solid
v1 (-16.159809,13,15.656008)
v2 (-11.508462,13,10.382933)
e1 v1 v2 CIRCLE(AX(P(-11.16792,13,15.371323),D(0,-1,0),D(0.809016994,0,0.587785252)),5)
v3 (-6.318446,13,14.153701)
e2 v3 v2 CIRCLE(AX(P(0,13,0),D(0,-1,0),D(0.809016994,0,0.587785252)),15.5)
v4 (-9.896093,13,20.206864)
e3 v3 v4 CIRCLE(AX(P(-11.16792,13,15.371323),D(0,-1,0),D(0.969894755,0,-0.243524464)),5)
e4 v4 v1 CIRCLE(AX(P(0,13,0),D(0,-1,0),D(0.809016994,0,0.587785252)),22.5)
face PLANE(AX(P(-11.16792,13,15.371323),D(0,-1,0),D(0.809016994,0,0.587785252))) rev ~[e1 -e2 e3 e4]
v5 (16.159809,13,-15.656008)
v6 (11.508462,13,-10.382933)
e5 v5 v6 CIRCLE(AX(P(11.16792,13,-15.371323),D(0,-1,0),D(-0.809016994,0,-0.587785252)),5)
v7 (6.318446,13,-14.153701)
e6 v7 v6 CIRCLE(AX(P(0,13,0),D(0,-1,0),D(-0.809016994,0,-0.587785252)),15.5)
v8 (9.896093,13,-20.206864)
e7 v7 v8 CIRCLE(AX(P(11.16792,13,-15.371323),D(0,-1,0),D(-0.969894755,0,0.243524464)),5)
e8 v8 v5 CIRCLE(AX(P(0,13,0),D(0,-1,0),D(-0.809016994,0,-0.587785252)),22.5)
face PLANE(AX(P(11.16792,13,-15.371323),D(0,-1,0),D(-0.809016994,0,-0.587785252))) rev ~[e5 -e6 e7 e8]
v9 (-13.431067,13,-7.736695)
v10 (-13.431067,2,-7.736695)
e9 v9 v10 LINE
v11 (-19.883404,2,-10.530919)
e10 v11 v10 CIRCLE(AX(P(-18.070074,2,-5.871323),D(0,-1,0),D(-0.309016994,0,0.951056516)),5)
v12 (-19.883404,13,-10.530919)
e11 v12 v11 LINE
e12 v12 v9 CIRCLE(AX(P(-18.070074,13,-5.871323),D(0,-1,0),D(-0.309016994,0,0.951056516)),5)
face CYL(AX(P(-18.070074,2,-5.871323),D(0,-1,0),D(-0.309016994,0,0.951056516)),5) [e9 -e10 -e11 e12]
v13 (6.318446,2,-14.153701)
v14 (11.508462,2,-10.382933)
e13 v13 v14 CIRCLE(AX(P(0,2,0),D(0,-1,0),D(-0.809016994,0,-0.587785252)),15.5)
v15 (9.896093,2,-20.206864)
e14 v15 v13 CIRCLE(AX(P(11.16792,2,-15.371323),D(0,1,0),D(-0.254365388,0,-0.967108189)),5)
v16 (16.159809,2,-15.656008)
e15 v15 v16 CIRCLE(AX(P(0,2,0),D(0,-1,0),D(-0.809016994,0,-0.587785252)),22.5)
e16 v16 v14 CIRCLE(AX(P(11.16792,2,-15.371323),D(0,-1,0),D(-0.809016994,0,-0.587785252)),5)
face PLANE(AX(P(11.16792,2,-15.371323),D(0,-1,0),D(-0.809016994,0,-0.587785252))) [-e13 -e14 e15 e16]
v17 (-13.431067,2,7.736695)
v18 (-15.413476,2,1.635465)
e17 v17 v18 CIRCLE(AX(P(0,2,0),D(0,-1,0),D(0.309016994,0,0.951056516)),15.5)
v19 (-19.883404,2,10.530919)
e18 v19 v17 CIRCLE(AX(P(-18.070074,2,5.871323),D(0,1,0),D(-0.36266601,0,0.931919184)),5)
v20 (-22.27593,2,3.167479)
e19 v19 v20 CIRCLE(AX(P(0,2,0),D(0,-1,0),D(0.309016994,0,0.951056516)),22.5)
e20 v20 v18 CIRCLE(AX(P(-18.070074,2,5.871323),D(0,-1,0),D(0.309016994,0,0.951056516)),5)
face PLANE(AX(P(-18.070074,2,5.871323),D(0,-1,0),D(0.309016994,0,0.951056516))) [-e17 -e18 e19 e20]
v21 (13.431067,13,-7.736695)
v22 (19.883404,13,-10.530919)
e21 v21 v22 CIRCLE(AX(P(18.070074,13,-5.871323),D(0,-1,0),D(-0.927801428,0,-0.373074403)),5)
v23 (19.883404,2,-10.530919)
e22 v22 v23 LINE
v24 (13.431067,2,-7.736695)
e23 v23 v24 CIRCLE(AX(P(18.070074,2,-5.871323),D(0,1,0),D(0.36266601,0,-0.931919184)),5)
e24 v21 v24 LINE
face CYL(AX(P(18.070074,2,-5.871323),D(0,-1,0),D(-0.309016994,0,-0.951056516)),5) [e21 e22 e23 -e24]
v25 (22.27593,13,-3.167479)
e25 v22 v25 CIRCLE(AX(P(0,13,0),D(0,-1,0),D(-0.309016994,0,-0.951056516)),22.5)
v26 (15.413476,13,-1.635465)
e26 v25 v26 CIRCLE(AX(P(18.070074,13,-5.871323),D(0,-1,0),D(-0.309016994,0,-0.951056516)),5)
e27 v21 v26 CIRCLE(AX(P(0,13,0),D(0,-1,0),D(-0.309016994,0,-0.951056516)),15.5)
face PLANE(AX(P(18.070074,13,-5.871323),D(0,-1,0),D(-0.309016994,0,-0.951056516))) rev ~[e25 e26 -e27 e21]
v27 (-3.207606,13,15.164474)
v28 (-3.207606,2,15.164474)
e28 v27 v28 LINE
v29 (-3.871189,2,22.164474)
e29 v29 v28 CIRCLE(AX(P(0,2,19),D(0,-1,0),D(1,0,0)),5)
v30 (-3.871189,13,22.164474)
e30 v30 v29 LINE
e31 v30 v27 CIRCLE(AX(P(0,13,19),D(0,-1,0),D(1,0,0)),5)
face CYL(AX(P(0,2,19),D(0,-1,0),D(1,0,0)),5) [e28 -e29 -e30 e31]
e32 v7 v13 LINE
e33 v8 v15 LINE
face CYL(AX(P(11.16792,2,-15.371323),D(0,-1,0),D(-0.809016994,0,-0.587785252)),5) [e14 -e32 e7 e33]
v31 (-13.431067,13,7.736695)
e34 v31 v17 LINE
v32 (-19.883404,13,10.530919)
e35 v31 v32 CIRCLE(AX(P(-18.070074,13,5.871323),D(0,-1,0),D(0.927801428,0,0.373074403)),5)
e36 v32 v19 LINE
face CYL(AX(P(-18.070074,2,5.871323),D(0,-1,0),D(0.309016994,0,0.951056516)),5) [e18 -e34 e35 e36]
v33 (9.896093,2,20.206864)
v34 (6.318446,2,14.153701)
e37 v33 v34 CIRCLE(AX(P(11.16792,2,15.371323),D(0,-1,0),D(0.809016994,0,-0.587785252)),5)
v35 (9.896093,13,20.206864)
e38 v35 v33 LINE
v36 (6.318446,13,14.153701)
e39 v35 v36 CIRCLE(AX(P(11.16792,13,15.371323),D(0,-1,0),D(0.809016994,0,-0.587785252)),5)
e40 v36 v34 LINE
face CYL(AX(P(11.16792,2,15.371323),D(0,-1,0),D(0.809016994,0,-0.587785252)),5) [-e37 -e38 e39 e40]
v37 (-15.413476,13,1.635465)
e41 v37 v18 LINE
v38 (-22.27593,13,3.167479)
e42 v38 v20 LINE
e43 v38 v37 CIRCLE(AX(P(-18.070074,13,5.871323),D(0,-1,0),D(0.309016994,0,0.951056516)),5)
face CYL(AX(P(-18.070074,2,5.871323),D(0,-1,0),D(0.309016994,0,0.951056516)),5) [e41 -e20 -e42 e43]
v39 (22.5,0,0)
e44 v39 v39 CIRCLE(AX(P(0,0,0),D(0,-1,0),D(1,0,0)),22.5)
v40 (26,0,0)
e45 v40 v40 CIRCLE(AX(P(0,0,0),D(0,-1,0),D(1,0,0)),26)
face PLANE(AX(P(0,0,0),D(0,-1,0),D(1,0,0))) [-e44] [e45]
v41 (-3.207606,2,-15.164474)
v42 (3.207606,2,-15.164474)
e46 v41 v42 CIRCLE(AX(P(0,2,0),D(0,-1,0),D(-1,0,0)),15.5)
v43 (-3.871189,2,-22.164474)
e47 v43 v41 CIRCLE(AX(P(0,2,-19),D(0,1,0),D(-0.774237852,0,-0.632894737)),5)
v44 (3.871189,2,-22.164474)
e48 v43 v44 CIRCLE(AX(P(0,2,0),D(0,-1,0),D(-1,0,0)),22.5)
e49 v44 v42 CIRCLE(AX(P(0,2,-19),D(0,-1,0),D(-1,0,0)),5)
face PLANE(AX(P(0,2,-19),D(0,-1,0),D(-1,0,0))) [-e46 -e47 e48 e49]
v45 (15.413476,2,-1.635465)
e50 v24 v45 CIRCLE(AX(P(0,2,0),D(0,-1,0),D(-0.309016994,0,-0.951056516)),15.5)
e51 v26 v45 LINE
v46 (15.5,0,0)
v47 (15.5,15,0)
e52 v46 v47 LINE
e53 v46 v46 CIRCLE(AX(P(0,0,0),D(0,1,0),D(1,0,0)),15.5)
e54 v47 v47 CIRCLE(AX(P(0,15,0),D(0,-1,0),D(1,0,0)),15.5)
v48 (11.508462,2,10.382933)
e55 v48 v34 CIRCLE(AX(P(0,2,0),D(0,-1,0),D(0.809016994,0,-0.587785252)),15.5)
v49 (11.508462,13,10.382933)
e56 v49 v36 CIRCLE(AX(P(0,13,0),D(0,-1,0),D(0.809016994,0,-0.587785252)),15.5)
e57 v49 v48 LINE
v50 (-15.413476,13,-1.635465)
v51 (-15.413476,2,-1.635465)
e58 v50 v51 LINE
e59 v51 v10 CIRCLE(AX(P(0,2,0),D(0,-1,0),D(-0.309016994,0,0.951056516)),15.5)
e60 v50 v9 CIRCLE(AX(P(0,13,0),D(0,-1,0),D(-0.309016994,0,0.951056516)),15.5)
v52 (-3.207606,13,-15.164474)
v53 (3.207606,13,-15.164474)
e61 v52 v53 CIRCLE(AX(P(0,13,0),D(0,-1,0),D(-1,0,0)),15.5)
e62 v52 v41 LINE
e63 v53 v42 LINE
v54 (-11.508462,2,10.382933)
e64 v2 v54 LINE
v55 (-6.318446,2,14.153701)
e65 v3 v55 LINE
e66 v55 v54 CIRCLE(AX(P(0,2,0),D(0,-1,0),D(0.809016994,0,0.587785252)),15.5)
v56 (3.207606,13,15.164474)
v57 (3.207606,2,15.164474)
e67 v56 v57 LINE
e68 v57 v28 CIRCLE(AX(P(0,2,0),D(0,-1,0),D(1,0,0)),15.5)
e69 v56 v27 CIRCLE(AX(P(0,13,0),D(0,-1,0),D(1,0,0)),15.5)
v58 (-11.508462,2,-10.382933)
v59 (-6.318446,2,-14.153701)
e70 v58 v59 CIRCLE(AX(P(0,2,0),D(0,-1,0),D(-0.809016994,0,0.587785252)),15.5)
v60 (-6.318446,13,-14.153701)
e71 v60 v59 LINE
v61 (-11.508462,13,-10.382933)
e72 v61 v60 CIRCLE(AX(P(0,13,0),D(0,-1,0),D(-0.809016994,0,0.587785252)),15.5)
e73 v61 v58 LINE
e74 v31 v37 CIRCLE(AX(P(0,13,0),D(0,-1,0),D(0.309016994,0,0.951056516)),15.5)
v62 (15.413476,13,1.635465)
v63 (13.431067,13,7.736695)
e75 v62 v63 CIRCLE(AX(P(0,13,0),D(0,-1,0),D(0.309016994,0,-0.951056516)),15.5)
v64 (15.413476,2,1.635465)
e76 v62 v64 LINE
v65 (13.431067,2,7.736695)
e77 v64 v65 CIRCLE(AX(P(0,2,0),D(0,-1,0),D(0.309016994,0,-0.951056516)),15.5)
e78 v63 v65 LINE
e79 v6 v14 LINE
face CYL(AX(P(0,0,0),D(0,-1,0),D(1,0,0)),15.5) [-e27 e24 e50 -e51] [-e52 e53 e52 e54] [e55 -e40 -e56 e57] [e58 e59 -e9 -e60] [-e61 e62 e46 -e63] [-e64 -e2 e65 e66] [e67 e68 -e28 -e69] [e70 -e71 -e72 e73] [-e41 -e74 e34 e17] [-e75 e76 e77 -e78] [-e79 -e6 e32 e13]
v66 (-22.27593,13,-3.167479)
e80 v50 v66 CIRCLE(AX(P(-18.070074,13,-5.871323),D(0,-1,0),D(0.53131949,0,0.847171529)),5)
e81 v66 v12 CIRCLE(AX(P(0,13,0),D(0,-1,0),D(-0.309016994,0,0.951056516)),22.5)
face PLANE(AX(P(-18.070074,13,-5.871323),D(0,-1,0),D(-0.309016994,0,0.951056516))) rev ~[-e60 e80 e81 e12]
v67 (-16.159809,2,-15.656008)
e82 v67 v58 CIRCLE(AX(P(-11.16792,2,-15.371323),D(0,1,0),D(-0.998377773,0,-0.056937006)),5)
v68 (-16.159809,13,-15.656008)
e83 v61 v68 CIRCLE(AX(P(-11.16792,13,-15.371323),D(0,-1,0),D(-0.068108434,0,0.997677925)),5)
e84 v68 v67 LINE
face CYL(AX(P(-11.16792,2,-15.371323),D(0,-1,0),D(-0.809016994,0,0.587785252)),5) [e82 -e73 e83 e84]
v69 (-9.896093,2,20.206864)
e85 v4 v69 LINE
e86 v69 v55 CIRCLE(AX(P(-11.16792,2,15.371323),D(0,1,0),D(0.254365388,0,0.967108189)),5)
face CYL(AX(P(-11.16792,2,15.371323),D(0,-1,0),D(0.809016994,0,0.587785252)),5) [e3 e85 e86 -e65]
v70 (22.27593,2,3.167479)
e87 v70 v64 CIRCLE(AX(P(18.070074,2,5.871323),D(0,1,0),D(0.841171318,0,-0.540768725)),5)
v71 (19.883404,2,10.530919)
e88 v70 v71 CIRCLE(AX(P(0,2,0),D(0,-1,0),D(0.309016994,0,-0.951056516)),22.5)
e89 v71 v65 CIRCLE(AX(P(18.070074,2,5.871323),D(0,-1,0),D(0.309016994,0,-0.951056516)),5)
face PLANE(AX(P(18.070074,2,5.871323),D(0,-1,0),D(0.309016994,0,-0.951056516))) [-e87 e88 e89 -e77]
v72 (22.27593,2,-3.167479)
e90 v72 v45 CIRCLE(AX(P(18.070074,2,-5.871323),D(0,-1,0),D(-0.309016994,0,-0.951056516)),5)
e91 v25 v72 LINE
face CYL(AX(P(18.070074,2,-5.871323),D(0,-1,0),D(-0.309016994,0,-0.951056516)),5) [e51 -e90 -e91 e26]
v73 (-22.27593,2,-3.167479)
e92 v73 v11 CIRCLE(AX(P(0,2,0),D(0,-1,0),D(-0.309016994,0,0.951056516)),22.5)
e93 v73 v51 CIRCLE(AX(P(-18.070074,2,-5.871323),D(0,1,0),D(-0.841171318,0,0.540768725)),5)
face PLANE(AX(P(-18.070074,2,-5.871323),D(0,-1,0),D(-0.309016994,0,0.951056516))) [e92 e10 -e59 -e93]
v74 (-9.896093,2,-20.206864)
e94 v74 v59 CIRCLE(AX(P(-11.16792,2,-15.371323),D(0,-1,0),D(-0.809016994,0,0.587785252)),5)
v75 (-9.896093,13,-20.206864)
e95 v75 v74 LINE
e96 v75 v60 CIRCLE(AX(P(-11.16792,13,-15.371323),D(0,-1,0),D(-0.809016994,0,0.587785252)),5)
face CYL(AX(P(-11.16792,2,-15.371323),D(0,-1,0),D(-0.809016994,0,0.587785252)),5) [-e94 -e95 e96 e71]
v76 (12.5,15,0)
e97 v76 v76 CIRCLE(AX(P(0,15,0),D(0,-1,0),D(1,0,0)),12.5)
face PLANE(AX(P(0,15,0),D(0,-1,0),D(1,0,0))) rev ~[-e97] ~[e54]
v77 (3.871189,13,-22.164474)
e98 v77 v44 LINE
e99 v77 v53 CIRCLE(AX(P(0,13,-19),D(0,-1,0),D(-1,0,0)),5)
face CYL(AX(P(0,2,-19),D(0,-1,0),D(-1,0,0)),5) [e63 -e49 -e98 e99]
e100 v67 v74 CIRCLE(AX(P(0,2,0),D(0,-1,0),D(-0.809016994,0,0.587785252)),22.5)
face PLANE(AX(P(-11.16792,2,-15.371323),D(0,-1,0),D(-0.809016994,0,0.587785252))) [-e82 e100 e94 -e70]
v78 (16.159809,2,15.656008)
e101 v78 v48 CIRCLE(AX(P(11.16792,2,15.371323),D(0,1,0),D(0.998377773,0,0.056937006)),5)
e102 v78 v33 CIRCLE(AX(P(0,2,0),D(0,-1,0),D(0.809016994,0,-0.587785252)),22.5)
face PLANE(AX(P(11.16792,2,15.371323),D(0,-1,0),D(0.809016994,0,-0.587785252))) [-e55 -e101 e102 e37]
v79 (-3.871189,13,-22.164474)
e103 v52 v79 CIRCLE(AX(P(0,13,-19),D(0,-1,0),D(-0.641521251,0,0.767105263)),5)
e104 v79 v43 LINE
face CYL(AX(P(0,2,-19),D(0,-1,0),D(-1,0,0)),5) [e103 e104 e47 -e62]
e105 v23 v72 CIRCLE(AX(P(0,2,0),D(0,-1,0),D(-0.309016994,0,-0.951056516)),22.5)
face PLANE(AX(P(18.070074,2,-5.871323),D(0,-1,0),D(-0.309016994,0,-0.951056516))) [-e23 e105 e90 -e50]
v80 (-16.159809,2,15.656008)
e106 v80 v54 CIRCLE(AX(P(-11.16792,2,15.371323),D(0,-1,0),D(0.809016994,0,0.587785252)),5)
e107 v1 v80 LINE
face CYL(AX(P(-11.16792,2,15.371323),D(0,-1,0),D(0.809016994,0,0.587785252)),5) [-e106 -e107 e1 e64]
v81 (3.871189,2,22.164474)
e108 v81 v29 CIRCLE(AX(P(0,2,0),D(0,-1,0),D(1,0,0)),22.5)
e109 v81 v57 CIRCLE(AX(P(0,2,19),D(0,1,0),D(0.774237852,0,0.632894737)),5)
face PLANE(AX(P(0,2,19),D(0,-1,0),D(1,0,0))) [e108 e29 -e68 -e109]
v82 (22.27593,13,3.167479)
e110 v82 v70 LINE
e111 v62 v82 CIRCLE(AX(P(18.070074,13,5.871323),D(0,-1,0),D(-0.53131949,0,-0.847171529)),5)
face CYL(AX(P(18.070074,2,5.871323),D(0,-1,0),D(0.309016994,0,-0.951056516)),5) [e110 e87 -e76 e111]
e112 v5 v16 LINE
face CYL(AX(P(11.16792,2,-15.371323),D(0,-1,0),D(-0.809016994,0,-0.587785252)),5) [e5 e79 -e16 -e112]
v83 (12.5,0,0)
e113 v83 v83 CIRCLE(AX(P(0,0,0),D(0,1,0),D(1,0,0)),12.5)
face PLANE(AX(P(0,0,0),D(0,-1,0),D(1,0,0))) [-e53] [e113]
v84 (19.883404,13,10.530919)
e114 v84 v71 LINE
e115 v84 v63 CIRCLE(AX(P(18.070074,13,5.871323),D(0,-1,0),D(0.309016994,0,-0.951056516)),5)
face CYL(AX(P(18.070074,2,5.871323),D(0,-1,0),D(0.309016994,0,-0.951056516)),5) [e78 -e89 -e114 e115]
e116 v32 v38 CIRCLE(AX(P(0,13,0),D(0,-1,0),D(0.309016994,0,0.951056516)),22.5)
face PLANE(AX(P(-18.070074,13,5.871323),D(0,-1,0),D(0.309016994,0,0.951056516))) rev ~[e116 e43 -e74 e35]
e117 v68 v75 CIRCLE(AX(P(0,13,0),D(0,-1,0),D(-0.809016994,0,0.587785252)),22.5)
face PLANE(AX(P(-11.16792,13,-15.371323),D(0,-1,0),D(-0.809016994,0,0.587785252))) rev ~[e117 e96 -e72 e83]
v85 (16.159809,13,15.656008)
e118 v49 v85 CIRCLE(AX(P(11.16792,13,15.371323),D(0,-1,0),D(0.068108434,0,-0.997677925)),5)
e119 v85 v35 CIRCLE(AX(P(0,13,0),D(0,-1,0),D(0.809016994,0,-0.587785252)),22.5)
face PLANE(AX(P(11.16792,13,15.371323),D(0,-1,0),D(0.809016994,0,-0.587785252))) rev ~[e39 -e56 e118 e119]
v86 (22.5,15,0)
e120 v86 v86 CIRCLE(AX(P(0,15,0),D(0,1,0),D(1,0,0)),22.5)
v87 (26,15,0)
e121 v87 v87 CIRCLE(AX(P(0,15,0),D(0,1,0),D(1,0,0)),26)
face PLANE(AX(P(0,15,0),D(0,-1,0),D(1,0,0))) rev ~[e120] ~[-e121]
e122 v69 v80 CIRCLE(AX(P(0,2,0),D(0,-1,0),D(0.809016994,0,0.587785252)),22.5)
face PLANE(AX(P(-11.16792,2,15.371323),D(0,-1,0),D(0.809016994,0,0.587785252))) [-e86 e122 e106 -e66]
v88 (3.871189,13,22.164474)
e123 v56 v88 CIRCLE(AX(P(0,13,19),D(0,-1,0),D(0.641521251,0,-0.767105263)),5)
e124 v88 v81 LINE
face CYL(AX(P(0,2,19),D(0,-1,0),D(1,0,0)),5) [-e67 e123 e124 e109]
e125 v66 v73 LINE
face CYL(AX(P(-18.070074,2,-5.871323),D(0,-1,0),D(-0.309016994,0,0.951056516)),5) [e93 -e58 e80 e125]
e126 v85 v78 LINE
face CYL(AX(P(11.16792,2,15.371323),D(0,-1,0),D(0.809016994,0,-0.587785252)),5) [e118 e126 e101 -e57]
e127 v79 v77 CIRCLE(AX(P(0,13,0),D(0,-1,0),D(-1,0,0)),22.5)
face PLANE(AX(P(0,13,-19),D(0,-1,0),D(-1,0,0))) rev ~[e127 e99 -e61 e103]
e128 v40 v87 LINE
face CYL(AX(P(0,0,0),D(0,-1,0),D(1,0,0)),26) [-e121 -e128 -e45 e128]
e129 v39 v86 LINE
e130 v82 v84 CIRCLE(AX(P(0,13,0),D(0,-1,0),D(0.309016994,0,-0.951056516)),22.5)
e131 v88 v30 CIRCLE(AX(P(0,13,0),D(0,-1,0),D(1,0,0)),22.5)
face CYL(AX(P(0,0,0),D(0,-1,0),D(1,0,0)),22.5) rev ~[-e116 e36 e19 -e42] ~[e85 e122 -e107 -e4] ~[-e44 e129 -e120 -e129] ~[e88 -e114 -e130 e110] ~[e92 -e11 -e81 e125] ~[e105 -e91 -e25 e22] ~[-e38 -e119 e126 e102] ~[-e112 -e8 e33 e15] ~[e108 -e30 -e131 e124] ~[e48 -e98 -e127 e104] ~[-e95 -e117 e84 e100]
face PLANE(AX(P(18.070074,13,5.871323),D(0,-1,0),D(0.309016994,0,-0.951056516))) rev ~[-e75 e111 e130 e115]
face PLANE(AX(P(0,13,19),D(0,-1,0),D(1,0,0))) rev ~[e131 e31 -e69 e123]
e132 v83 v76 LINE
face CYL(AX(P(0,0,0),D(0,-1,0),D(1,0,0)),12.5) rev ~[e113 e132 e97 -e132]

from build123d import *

# Parameters (mm, degrees)
F0_R     = 15.5
F0_R_2   = 12.5
F1_DEPTH = 15
F0_R_3   = 26
F0_R_4   = 22.5
F2_DEPTH = 15
F4_R     = 5
F5_DEPTH = 11
F6_COUNT = 10


with BuildPart() as f1:
    # F0 (on Front) → F1 (new body)
    with BuildSketch(Plane.XZ):
        Circle(F0_R)
        Circle(F0_R_2, mode=Mode.SUBTRACT)
    extrude(amount=-F1_DEPTH)



with BuildPart() as f2:
    # F0 (on Front) → F2 (new body)
    with BuildSketch(Plane.XZ):
        Circle(F0_R_3)
        Circle(F0_R_4, mode=Mode.SUBTRACT)
    extrude(amount=-F2_DEPTH)


with BuildPart() as f1_1:
    add(f1.part)

    add(f2.part)  # F5 merges F2
    # F4 (on offset) → F5 (join)
    with BuildSketch(Plane.XZ.offset(-2)):
        with Locations((0, 19)):
            Circle(F4_R)
    extrude(amount=-F5_DEPTH)

    # F6: F1 ×10 about axis
    f6_axis = Axis((0, 0, 0), (0, -1, 0))


with BuildPart() as f1_2:
    add(f1_1.part)
    for i in range(1, F6_COUNT):
        add(f1_1.part.rotate(f6_axis, i * 360 / F6_COUNT))


solid = f1_2.part
